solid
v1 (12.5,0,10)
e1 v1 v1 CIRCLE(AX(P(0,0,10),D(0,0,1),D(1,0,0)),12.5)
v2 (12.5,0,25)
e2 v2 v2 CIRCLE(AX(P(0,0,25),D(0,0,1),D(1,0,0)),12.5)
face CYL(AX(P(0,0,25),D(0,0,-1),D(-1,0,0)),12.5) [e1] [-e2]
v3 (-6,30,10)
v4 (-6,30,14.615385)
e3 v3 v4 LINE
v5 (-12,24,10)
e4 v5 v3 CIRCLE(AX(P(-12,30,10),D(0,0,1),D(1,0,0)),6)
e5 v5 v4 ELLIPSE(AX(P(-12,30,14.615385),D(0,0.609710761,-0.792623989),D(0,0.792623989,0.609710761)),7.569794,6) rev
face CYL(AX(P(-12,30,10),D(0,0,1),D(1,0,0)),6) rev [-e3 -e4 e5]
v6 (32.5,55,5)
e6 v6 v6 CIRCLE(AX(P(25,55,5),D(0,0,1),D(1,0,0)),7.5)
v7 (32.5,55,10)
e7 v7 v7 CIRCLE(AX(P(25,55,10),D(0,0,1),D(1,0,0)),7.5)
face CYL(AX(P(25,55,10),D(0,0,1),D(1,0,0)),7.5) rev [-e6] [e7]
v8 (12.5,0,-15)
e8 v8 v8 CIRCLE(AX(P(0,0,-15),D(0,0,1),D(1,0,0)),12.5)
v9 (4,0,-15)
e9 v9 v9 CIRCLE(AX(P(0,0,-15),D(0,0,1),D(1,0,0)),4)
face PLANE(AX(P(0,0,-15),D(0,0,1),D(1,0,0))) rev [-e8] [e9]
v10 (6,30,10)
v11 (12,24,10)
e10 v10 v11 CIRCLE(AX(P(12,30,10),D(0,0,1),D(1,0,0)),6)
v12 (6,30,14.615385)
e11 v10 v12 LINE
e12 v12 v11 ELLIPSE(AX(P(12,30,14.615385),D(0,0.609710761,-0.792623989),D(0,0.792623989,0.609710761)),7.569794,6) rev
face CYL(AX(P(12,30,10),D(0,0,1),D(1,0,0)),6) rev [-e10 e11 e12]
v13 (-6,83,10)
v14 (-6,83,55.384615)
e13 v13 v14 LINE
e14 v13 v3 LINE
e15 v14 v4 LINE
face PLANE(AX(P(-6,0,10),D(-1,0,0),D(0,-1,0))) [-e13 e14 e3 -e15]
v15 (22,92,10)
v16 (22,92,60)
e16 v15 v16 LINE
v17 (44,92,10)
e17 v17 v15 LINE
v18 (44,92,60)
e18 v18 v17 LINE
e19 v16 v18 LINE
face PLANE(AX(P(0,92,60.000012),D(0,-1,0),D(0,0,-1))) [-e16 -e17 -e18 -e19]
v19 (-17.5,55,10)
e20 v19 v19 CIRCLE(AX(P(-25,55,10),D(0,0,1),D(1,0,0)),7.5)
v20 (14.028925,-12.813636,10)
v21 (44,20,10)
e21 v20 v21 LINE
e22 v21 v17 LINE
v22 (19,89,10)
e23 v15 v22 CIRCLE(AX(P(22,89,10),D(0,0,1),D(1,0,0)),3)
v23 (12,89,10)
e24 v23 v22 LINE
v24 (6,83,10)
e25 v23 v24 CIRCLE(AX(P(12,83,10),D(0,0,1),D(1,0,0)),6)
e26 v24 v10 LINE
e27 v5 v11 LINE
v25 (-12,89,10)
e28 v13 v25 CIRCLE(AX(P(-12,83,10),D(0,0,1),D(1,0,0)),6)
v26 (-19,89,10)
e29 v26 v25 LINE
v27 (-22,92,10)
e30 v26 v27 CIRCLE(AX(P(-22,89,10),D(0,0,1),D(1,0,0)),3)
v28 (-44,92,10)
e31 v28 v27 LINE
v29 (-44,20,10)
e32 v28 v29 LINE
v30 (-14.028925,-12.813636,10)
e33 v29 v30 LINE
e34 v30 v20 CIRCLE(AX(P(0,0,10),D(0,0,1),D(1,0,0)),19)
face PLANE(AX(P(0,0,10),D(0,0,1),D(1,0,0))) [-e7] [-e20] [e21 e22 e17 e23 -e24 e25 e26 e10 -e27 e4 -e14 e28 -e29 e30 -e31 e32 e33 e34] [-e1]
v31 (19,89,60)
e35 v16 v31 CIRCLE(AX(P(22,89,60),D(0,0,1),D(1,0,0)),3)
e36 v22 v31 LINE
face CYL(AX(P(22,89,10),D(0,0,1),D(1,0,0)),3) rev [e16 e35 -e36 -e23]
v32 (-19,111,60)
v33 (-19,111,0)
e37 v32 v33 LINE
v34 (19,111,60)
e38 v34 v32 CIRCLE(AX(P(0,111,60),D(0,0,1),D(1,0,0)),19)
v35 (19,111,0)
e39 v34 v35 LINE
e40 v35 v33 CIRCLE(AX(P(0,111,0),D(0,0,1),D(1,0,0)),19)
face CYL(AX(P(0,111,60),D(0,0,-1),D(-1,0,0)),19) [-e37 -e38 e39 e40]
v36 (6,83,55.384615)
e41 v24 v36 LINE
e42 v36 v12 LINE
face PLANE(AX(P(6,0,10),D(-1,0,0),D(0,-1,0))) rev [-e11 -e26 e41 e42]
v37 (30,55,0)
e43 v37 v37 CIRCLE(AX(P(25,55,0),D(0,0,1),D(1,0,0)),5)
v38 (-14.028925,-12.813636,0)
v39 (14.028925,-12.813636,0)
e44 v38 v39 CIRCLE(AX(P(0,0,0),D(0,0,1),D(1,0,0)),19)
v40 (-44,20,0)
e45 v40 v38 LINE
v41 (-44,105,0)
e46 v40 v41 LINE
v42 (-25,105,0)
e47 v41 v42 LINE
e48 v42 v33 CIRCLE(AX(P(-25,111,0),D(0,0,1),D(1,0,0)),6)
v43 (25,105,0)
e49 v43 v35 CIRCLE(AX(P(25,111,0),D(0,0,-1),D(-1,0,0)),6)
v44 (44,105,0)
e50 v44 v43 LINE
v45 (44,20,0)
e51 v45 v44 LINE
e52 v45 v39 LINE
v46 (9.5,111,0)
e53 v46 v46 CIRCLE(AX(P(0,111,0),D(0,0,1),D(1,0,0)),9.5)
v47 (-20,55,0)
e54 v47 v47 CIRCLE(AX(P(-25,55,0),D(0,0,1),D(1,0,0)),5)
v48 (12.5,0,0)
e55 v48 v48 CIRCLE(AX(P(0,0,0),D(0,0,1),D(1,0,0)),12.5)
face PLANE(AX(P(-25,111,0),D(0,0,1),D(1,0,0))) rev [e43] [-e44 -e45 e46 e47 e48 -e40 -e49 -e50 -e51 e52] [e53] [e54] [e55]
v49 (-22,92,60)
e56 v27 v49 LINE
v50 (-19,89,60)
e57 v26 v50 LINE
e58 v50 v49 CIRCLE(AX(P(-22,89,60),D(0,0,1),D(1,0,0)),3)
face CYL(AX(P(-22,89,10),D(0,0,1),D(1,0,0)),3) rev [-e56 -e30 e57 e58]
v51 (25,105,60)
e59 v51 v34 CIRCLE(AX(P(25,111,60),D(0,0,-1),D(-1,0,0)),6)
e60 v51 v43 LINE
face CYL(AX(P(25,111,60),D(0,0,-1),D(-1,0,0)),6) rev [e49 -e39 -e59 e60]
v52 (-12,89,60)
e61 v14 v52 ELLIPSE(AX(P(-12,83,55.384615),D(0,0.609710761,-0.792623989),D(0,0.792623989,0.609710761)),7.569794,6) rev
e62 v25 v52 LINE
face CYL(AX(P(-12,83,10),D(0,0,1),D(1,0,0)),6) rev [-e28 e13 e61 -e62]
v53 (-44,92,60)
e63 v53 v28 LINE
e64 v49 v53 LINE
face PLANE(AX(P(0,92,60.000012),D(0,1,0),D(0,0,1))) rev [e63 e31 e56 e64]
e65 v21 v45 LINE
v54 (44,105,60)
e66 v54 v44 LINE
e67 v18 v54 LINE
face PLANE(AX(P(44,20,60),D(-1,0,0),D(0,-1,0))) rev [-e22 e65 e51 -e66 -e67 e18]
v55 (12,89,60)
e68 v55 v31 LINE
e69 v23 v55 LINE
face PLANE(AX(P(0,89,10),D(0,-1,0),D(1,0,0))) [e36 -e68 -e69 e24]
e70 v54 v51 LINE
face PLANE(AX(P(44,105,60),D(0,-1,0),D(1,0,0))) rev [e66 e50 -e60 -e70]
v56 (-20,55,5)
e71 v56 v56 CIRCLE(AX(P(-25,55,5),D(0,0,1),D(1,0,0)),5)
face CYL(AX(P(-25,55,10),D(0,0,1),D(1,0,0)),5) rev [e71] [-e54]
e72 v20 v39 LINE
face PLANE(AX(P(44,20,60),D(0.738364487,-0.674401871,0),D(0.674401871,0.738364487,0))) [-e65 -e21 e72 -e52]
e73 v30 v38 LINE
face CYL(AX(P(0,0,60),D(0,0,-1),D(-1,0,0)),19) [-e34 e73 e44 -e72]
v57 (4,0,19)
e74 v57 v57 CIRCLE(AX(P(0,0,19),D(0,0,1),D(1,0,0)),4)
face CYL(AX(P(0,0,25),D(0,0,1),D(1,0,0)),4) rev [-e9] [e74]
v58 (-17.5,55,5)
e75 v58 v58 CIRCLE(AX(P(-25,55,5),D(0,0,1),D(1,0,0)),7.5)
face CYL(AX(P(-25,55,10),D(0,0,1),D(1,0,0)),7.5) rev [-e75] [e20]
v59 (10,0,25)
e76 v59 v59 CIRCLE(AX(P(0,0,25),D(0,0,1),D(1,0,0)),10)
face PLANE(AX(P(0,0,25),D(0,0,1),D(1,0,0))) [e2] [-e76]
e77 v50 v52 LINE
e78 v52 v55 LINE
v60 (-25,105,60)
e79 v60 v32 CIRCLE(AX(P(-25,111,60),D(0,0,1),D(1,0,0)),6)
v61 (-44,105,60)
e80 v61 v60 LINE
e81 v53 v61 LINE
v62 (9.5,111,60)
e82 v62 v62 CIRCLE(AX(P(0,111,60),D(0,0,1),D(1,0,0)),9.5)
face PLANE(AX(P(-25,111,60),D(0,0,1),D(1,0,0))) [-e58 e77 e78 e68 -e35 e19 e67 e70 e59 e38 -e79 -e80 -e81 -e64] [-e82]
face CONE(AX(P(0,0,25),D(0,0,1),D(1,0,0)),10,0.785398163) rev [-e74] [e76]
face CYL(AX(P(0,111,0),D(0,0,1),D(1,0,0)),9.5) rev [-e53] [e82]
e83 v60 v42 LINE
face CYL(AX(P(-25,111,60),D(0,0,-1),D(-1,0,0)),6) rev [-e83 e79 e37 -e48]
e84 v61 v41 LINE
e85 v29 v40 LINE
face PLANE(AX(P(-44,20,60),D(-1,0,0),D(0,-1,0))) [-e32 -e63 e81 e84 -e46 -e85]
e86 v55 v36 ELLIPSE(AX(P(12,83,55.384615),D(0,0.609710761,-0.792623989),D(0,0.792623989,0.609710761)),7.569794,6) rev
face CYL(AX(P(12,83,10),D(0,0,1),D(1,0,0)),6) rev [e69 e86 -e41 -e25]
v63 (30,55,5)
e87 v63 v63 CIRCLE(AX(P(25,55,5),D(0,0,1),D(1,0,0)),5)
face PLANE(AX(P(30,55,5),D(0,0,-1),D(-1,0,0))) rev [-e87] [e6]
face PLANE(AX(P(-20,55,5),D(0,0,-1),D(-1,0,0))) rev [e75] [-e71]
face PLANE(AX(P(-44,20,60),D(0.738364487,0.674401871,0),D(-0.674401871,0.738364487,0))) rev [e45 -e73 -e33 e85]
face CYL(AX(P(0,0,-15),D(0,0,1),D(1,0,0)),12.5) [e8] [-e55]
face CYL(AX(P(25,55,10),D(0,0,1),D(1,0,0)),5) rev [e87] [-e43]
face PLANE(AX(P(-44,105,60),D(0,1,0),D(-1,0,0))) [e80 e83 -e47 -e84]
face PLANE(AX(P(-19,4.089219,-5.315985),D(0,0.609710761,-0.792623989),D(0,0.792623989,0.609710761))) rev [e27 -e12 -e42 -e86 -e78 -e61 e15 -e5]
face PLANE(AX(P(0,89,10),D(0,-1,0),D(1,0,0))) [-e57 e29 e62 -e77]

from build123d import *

# Parameters (mm, degrees)
BOSS_EXTRUDE6_DEPTH                          = 60
CUT_EXTRUDE3_DEPTH                           = 1
CUT_EXTRUDE3_DEPTH_BACK                      = 50
BOSS_EXTRUDE9_DEPTH                          = 50
CUT_EXTRUDE7_DEPTH                           = 25
CBORE_FOR_M8_HEX_HEAD_CAP_SCREW3_D           = 10
CBORE_FOR_M8_HEX_HEAD_CAP_SCREW3_DEPTH       = 10
CBORE_FOR_M8_HEX_HEAD_CAP_SCREW3_CBORE_D     = 15
CBORE_FOR_M8_HEX_HEAD_CAP_SCREW3_CBORE_DEPTH = 5
CBORE_FOR_M8_HEX_HEAD_CAP_SCREW3_TIP         = 3.004303095
CUT_EXTRUDE8_DEPTH                           = 60
SKETCH29_R                                   = 12.5
BOSS_EXTRUDE10_DEPTH                         = 15
SKETCH2_10_R                                 = 12.5
BOSS_EXTRUDE11_DEPTH                         = 15
BOSS_EXTRUDE8_DEPTH                          = 50
CUT_EXTRUDE5_DEPTH                           = 25
CUT_EXTRUDE6_DEPTH                           = 60


with BuildPart() as part:
    # Sketch2 → Boss-Extrude6 (new body)
    with BuildSketch(Plane.XY):
        with BuildLine():
            Line((44, 20), (14.028925254, -12.813635558))
            ThreePointArc((14.028925254, -12.813635558), (0, -19), (-14.028925254, -12.813635558))
            Line((-14.028925254, -12.813635558), (-44, 20))
            Line((-44, 20), (-44, 105))
            Line((-44, 105), (-25, 105))
            ThreePointArc((-25, 105), (-20.757359313, 106.757359313), (-19, 111))
            ThreePointArc((-19, 111), (0, 130), (19, 111))
            ThreePointArc((19, 111), (20.757359313, 106.757359313), (25, 105))
            Line((25, 105), (44, 105))
            Line((44, 105), (44, 20))
        make_face()
    extrude(amount=BOSS_EXTRUDE6_DEPTH)

    # Sketch5 → Cut-Extrude3 (cut, two sides)
    with BuildSketch(Plane.XY.offset(60)) as cut_extrude3_sk:
        with BuildLine():
            Line((14.028925254, -12.813635558), (44, 20))
            Line((44, 20), (44, 92))
            Line((44, 92), (22, 92))
            ThreePointArc((22, 92), (19.878679656, 91.121320344), (19, 89))
            Line((19, 89), (-19, 89))
            ThreePointArc((-19, 89), (-19.878679656, 91.121320344), (-22, 92))
            Line((-22, 92), (-44, 92))
            Line((-44, 92), (-44, 20))
            Line((-44, 20), (-14.028925254, -12.813635558))
            ThreePointArc((-14.028925254, -12.813635558), (0, -19), (14.028925254, -12.813635558))
        make_face()
    extrude(amount=CUT_EXTRUDE3_DEPTH, mode=Mode.SUBTRACT)
    extrude(cut_extrude3_sk.sketch, amount=-CUT_EXTRUDE3_DEPTH_BACK, mode=Mode.SUBTRACT)

    # Sketch5<11> → Boss-Extrude9 (add)
    with BuildSketch(Plane.XY.offset(60)):
        with BuildLine():
            ThreePointArc((-6, 83), (-7.757359313, 87.242640687), (-12, 89))
            Line((-12, 89), (12, 89))
            ThreePointArc((12, 89), (7.757359313, 87.242640687), (6, 83))
            Line((6, 83), (6, 30))
            ThreePointArc((6, 30), (7.757359313, 25.757359313), (12, 24))
            Line((12, 24), (9.5, 24))
            Line((9.5, 24), (-9.5, 24))
            Line((-9.5, 24), (-12, 24))
            ThreePointArc((-12, 24), (-7.757359313, 25.757359313), (-6, 30))
            Line((-6, 30), (-6, 83))
        make_face()
    extrude(amount=-BOSS_EXTRUDE9_DEPTH)

    # Sketch25 → Cut-Extrude7 (cut, symmetric)
    with BuildSketch(Plane(origin=(6, 0, 0), x_dir=(0, 0, -1), z_dir=(1, 0, 0))):
        Polygon((-60, 89), (-10, 24), (-60, 24), (-60, 30), (-60, 83), align=None)
    extrude(amount=CUT_EXTRUDE7_DEPTH, both=True, mode=Mode.SUBTRACT)

    # CBORE for M8 Hex Head Cap Screw3
    with Locations(Plane(origin=(-25, 55, 10), x_dir=(1, 0, 0), z_dir=(0, 0, 1))):
        with Locations((0, 0), (50, 0)):
            CounterBoreHole(CBORE_FOR_M8_HEX_HEAD_CAP_SCREW3_D / 2, CBORE_FOR_M8_HEX_HEAD_CAP_SCREW3_CBORE_D / 2, CBORE_FOR_M8_HEX_HEAD_CAP_SCREW3_CBORE_DEPTH, depth=CBORE_FOR_M8_HEX_HEAD_CAP_SCREW3_DEPTH)
            with Locations((0, 0, -(CBORE_FOR_M8_HEX_HEAD_CAP_SCREW3_DEPTH + CBORE_FOR_M8_HEX_HEAD_CAP_SCREW3_TIP / 2))):  # 118° drill point
                Cone(0, CBORE_FOR_M8_HEX_HEAD_CAP_SCREW3_D / 2, CBORE_FOR_M8_HEX_HEAD_CAP_SCREW3_TIP, mode=Mode.SUBTRACT)

    # Sketch28 → Cut-Extrude8 (cut)
    with BuildSketch(Plane.XY.offset(60)):
        with BuildLine():
            ThreePointArc((0, 101.5), (9.5, 111), (0, 120.5))
            ThreePointArc((0, 120.5), (-9.5, 111), (0, 101.5))
        make_face()
    extrude(amount=-CUT_EXTRUDE8_DEPTH, mode=Mode.SUBTRACT)

    # Sketch29 → Boss-Extrude10 (add)
    with BuildSketch(Plane.XY.offset(10)):
        Circle(SKETCH29_R)
    extrude(amount=BOSS_EXTRUDE10_DEPTH)

    # Sketch2<10> → Boss-Extrude11 (add)
    with BuildSketch(Plane.XY):
        Circle(SKETCH2_10_R)
    extrude(amount=-BOSS_EXTRUDE11_DEPTH)

    # Sketch5<9> → Boss-Extrude8 (add)
    with BuildSketch(Plane.XY.offset(60)):
        with BuildLine():
            ThreePointArc((-6, 83), (-7.757359313, 87.242640687), (-12, 89))
            Line((-12, 89), (12, 89))
            ThreePointArc((12, 89), (7.757359313, 87.242640687), (6, 83))
            Line((6, 83), (6, 30))
            ThreePointArc((6, 30), (7.757359313, 25.757359313), (12, 24))
            Line((12, 24), (9.5, 24))
            Line((9.5, 24), (-9.5, 24))
            Line((-9.5, 24), (-12, 24))
            ThreePointArc((-12, 24), (-7.757359313, 25.757359313), (-6, 30))
            Line((-6, 30), (-6, 83))
        make_face()
    extrude(amount=-BOSS_EXTRUDE8_DEPTH)

    # Sketch11 → Cut-Extrude5 (cut, symmetric)
    with BuildSketch(Plane(origin=(6, 0, 0), x_dir=(0, 0, -1), z_dir=(1, 0, 0))):
        Polygon((-10, 24), (-60, 89), (-60, 83), (-60, 30), (-60, 24), align=None)
    extrude(amount=CUT_EXTRUDE5_DEPTH, both=True, mode=Mode.SUBTRACT)

    # Sketch34 → CSK for M8 Flat Head Machine Screw2 (revolve, cut)
    with BuildSketch(Plane(origin=(0, 0, 25), x_dir=(0, -1, 0), z_dir=(1, 0, 0))):
        Polygon((0, 0), (0, 42.403442476), (4, 40), (4, 6), (10, 0), align=None)
    revolve(axis=Axis((0, 0, 31.35), (0, 0, -1)), mode=Mode.SUBTRACT)

    # Sketch13 → Cut-Extrude6 (cut)
    with BuildSketch(Plane.XY.offset(60)):
        with BuildLine():
            ThreePointArc((0, 101.5), (9.5, 111), (0, 120.5))
            ThreePointArc((0, 120.5), (-9.5, 111), (0, 101.5))
        make_face()
    extrude(amount=-CUT_EXTRUDE6_DEPTH, mode=Mode.SUBTRACT)


solid = part.part
